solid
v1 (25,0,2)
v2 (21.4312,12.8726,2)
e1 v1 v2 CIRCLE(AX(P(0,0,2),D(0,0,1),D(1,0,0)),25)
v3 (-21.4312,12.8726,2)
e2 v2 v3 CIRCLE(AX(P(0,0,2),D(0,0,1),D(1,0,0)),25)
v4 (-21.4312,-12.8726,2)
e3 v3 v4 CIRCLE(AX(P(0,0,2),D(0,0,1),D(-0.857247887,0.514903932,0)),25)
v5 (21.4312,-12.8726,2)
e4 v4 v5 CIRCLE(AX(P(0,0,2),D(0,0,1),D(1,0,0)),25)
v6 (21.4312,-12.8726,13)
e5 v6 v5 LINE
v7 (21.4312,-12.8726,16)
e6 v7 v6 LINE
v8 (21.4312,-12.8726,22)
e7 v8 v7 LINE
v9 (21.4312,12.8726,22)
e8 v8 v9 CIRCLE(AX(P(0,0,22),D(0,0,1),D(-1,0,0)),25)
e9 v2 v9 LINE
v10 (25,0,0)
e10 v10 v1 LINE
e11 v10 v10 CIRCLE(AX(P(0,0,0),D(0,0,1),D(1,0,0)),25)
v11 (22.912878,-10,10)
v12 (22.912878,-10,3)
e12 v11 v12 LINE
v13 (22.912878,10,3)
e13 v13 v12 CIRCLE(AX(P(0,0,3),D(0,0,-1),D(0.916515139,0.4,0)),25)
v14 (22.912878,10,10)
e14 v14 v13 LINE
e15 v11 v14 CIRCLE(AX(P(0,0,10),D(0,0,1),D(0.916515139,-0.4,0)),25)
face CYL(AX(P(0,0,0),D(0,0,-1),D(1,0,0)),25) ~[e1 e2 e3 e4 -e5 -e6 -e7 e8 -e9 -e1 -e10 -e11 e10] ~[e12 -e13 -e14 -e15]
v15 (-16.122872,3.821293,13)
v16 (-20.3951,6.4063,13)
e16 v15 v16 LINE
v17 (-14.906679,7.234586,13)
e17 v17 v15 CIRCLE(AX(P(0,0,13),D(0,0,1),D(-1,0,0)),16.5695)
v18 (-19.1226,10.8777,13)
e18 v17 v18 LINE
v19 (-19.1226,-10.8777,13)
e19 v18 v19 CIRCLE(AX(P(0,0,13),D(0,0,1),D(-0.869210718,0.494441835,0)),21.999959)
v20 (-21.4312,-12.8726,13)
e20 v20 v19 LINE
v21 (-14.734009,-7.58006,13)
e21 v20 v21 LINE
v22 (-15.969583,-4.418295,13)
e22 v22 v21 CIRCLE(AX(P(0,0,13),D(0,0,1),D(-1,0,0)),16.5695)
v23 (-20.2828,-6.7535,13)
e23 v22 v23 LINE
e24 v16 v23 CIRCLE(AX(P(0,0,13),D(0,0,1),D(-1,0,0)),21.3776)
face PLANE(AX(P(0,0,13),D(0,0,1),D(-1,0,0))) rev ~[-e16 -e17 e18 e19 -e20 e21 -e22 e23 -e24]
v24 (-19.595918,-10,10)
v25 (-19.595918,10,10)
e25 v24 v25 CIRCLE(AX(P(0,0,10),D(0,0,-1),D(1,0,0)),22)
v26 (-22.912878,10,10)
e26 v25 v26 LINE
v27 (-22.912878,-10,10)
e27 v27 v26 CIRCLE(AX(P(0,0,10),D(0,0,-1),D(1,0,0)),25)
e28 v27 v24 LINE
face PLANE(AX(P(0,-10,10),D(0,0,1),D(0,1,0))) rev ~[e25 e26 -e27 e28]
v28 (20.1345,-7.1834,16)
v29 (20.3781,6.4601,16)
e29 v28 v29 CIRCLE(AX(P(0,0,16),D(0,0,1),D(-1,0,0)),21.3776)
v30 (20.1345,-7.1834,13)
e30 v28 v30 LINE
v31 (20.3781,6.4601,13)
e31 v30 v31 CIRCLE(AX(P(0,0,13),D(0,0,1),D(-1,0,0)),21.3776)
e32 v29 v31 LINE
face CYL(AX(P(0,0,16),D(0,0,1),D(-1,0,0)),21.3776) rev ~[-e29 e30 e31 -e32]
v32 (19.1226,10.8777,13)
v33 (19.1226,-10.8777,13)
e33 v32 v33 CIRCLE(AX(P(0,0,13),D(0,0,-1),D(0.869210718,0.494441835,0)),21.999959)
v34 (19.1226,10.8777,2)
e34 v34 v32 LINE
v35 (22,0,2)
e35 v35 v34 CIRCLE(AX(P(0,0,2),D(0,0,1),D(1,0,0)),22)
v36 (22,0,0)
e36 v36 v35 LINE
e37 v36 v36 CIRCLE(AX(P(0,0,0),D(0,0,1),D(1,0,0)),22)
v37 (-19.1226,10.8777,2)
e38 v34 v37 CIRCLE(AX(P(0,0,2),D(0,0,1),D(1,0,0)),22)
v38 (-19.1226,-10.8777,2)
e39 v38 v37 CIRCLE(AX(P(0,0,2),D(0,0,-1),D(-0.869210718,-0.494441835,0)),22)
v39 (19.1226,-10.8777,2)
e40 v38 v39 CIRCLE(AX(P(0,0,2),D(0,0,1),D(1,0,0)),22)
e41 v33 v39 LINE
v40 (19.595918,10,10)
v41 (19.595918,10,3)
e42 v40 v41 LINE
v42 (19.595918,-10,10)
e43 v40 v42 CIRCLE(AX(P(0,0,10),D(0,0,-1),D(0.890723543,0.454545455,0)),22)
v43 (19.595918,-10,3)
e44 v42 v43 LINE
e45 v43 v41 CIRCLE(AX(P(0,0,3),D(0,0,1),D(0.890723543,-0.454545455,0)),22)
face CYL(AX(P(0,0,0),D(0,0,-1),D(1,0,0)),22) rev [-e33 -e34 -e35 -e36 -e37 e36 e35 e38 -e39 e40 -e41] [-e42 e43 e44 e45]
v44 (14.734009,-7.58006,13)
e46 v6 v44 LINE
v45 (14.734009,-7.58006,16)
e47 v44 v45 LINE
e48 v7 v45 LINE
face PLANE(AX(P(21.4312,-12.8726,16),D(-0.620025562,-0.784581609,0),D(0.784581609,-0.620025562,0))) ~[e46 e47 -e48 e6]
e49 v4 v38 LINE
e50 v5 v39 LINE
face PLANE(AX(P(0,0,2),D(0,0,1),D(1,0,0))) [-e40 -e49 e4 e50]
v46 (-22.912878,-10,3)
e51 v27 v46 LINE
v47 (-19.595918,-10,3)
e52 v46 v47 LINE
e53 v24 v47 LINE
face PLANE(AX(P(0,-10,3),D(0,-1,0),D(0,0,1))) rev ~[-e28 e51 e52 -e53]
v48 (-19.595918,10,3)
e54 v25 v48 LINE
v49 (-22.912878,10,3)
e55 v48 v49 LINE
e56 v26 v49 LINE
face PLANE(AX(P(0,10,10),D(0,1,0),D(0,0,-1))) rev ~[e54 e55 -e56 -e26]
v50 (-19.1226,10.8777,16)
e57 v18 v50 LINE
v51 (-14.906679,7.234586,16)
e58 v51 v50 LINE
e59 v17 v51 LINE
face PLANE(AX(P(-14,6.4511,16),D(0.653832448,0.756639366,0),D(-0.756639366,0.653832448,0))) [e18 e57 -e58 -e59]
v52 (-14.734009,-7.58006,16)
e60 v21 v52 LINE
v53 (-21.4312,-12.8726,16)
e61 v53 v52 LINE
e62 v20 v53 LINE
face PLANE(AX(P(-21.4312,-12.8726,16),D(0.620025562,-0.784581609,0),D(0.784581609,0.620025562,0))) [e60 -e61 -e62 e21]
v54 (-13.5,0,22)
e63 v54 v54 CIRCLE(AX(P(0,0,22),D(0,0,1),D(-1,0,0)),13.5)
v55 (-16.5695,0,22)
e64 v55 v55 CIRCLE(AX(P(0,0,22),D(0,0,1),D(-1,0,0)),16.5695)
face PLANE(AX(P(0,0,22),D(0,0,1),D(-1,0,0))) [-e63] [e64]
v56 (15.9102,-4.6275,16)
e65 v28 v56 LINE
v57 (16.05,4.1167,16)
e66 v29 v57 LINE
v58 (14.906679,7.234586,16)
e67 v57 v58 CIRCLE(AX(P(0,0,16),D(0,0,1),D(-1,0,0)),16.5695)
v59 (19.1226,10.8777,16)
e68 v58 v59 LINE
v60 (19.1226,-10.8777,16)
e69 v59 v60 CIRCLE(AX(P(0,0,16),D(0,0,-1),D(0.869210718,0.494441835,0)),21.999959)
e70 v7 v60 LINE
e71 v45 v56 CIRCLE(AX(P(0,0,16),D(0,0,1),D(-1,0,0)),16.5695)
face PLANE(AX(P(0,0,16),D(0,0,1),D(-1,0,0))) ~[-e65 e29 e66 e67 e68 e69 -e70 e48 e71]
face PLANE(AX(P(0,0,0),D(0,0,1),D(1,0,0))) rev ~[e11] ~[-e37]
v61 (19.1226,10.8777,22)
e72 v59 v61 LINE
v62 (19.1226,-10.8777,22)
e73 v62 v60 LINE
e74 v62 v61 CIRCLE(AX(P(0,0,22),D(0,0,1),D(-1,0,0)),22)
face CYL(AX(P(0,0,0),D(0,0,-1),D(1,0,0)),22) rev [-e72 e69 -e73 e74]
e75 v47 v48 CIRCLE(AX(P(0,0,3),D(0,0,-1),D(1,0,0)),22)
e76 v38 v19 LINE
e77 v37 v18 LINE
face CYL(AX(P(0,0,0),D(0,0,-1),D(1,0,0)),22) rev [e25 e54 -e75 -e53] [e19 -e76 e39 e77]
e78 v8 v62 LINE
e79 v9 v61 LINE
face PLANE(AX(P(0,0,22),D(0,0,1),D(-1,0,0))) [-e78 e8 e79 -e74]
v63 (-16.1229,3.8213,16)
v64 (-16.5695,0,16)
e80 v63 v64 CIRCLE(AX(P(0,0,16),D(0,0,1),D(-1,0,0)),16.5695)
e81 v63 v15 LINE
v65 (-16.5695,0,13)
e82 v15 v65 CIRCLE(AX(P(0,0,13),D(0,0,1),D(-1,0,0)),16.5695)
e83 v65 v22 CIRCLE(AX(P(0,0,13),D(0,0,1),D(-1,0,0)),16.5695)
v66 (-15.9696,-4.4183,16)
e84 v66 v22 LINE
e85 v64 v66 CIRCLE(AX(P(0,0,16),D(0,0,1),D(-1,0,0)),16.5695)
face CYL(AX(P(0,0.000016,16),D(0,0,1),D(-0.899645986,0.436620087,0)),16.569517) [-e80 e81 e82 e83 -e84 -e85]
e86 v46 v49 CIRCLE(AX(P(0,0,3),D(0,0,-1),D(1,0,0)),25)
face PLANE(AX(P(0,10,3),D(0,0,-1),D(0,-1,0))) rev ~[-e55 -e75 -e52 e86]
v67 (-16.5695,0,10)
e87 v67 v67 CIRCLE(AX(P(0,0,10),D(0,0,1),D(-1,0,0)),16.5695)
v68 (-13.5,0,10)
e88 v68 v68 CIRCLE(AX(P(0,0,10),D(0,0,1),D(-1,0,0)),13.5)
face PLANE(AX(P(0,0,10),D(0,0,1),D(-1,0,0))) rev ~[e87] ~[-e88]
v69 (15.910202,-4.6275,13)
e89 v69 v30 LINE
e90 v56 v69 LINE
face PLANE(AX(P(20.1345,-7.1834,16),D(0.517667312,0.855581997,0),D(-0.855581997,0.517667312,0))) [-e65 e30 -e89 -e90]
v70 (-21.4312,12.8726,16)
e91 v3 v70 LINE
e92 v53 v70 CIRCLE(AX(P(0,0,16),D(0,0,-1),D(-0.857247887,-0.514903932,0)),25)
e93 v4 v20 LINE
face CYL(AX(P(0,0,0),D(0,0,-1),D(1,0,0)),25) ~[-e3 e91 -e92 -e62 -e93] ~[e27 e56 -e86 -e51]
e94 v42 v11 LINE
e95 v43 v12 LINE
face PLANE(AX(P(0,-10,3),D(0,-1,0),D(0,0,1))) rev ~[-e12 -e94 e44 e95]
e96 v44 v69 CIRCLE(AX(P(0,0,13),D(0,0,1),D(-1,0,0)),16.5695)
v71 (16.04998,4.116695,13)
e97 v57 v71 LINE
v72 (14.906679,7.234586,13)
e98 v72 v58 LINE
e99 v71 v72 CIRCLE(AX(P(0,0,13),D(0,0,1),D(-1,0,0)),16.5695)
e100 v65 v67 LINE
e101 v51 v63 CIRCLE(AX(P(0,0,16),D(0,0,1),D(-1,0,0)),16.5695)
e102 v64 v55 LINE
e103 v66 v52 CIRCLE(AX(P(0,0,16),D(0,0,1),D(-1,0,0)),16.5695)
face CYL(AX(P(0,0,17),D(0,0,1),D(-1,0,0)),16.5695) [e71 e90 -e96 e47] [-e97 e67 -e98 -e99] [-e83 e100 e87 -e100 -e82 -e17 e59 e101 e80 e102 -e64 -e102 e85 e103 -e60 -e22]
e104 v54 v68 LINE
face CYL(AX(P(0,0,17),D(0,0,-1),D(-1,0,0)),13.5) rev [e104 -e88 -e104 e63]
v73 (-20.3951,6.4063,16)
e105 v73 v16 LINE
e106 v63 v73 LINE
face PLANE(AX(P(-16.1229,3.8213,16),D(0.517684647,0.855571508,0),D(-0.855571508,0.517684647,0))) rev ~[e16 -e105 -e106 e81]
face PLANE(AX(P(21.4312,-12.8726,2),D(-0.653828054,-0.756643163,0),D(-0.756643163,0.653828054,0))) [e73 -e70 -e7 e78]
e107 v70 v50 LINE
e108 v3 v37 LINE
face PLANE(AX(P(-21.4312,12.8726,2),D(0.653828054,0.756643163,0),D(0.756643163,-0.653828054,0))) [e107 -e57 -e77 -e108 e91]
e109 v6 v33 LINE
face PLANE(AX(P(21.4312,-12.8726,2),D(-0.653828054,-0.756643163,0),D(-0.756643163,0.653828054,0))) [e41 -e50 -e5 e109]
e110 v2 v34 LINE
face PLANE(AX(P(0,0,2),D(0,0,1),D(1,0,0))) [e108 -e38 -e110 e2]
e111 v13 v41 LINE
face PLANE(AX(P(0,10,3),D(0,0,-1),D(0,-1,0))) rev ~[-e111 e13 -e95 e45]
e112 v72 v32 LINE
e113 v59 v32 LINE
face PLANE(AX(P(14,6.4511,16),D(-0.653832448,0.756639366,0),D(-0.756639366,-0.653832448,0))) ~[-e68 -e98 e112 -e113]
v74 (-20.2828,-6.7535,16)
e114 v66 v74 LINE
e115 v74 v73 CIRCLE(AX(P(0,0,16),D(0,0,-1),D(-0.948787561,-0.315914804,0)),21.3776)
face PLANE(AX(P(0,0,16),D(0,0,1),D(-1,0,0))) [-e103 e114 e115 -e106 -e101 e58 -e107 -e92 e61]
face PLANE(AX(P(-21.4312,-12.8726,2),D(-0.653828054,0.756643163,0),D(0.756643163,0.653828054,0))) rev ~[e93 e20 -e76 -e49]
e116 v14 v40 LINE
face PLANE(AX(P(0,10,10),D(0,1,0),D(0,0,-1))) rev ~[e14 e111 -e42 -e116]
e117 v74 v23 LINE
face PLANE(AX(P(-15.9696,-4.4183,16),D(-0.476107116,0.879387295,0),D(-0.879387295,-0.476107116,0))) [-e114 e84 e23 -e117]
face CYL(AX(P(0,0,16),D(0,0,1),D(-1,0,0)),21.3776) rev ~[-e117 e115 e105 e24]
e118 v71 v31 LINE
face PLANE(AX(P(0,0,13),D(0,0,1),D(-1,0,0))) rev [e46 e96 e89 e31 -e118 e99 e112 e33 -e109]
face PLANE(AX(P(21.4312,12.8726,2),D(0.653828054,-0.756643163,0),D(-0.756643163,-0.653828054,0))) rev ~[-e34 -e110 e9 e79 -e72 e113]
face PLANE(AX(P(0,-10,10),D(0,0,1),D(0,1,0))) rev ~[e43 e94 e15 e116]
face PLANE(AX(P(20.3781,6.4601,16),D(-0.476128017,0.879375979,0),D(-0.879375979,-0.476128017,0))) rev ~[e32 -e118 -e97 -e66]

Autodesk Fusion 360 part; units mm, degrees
sketch "Sketch1" plane through (0, 0, 0) normal (0, 0, 1) x (1, 0, 0)
  circle A0 centre (0, 0) radius 22
  circle A1 centre (0, 0) radius 25
  dimension "d1" = 44
  dimension "d2" = 50
extrude "Extrude1" add sketch "Sketch1" along normal blind 2 makes body 1
sketch "Sketch2" plane through (0, 0, 2) normal (0, 0, 1) x (-1, 0, 0)
  circle A0 centre (0, 0) radius 22
  circle A1 centre (0, 0) radius 25
  circle A2 centre (0, 0) radius 22
  circle A3 centre (0, 0) radius 25
  line L0 (21.4312, -12.8726) -> (19.1226, -10.8777)
  line L1 (21.4312, 12.8726) -> (19.1226, 10.8777)
  line L2 (-21.4312, -12.8726) -> (-19.1226, -10.8777)
  line L3 (-21.4312, 12.8726) -> (-19.1226, 10.8777)
extrude "Extrude2" add sketch "Sketch2" along normal blind 15 contours A0 A1 A2 A3 L0 L1 | A0 A1 A2 A3 L2 L3 bodies 1
sketch "Sketch3" plane through (0, 0, 17) normal (0, 0, 1) x (-1, 0, 0)
  arc A0 (21.4312, -12.8726) -> (21.4312, 12.8726) centre (0, 0) ccw
  line L0 (21.4312, 12.8726) -> (19.1226, 10.8777)
  arc A1 (19.1226, -10.8777) -> (19.1226, 10.8777) centre (0, 0) ccw
  line L1 (19.1226, -10.8777) -> (21.4312, -12.8726)
  circle A2 centre (0, 0) radius 13.5
  circle A3 centre (0, 0) radius 16.5695
  dimension "d7" = 27
extrude "Extrude3" add sketch "Sketch3" along normal blind 5 separate body contours A3 makes body 2
extrude "Extrude4" add 2 faces at (-23.9039, -1.6648, 17) (23.9039, 1.6648, 17) along direction (0, 0, 1) blind 5 on bodies 1 bodies 1
extrude "Extrude5" add 1 faces at (-15.4344, 1.4939, 17) along direction (0, 0, -1) blind 7 on bodies 2 bodies 2
extrude "Extrude6" cut 2 faces at (-23.9039, -1.6648, 22) (-23.9039, -1.6648, 22) along direction (0, 0, -1) blind 6 on bodies 1 bodies 1
sketch "Sketch4" plane through (0, 0, 16) normal (0, 0, 1) x (-1, 0, 0)
  arc A0 (21.4312, -12.8726) -> (21.4312, 12.8726) centre (0, 0) ccw
  line L0 (21.4312, 12.8726) -> (19.1226, 10.8777)
  arc A1 (19.1226, -10.8777) -> (19.1226, 10.8777) centre (0, 0) ccw
  line L1 (19.1226, -10.8777) -> (21.4312, -12.8726)
  line L2 (21.4312, 12.8726) -> (14, 7)
  line L3 (14, 7) -> (14, -6.4511)
  line L4 (14, -6.4511) -> (21.4312, -12.8726)
extrude "Extrude7" add sketch "Sketch4" against normal blind 3 contours L0 A1 L2 L3 L4 bodies 1 2
mirror "Mirror1" about plane through (0, 0, 0) normal (1, 0, 0) of "Extrude7"
sketch "Sketch5" plane through (0, 0, 0) normal (1, 0, 0) x (0, 1, 0)
  line L0 (-10, 10) -> (10, 10)
  line L1 (10, 10) -> (10, 3)
  line L2 (10, 3) -> (-10, 3)
  line L3 (-10, 3) -> (-10, 10)
extrude "Extrude8" cut sketch "Sketch5" along normal mid plane 54 bodies 1
sketch "Sketch6" plane through (0, 0, 16) normal (0, 0, 1) x (-1, 0, 0)
  arc A0 (21.4312, -12.8726) -> (21.4312, 12.8726) centre (0, 0) ccw
  line L0 (21.4312, 12.8726) -> (14.734, 7.5801)
  arc A1 (14.9067, -7.2346) -> (14.734, 7.5801) centre (0, 0) ccw
  line L1 (14.9067, -7.2346) -> (21.4312, -12.8726)
  circle A2 centre (0, 0) radius 16.5695
  circle A3 centre (0, 0) radius 21.3776
  line L2 (-20.1345, 7.1834) -> (-15.9102, 4.6275)
  line L3 (-20.3781, -6.4601) -> (-16.05, -4.1167)
  line L4 (15.9696, 4.4183) -> (20.2828, 6.7535)
  line L5 (16.1229, -3.8213) -> (20.3951, -6.4063)
extrude "Extrude9" cut sketch "Sketch6" against normal blind 8 contours A2 A3 L2 L3 | A1 A2 A3 L4 L5 bodies 1
